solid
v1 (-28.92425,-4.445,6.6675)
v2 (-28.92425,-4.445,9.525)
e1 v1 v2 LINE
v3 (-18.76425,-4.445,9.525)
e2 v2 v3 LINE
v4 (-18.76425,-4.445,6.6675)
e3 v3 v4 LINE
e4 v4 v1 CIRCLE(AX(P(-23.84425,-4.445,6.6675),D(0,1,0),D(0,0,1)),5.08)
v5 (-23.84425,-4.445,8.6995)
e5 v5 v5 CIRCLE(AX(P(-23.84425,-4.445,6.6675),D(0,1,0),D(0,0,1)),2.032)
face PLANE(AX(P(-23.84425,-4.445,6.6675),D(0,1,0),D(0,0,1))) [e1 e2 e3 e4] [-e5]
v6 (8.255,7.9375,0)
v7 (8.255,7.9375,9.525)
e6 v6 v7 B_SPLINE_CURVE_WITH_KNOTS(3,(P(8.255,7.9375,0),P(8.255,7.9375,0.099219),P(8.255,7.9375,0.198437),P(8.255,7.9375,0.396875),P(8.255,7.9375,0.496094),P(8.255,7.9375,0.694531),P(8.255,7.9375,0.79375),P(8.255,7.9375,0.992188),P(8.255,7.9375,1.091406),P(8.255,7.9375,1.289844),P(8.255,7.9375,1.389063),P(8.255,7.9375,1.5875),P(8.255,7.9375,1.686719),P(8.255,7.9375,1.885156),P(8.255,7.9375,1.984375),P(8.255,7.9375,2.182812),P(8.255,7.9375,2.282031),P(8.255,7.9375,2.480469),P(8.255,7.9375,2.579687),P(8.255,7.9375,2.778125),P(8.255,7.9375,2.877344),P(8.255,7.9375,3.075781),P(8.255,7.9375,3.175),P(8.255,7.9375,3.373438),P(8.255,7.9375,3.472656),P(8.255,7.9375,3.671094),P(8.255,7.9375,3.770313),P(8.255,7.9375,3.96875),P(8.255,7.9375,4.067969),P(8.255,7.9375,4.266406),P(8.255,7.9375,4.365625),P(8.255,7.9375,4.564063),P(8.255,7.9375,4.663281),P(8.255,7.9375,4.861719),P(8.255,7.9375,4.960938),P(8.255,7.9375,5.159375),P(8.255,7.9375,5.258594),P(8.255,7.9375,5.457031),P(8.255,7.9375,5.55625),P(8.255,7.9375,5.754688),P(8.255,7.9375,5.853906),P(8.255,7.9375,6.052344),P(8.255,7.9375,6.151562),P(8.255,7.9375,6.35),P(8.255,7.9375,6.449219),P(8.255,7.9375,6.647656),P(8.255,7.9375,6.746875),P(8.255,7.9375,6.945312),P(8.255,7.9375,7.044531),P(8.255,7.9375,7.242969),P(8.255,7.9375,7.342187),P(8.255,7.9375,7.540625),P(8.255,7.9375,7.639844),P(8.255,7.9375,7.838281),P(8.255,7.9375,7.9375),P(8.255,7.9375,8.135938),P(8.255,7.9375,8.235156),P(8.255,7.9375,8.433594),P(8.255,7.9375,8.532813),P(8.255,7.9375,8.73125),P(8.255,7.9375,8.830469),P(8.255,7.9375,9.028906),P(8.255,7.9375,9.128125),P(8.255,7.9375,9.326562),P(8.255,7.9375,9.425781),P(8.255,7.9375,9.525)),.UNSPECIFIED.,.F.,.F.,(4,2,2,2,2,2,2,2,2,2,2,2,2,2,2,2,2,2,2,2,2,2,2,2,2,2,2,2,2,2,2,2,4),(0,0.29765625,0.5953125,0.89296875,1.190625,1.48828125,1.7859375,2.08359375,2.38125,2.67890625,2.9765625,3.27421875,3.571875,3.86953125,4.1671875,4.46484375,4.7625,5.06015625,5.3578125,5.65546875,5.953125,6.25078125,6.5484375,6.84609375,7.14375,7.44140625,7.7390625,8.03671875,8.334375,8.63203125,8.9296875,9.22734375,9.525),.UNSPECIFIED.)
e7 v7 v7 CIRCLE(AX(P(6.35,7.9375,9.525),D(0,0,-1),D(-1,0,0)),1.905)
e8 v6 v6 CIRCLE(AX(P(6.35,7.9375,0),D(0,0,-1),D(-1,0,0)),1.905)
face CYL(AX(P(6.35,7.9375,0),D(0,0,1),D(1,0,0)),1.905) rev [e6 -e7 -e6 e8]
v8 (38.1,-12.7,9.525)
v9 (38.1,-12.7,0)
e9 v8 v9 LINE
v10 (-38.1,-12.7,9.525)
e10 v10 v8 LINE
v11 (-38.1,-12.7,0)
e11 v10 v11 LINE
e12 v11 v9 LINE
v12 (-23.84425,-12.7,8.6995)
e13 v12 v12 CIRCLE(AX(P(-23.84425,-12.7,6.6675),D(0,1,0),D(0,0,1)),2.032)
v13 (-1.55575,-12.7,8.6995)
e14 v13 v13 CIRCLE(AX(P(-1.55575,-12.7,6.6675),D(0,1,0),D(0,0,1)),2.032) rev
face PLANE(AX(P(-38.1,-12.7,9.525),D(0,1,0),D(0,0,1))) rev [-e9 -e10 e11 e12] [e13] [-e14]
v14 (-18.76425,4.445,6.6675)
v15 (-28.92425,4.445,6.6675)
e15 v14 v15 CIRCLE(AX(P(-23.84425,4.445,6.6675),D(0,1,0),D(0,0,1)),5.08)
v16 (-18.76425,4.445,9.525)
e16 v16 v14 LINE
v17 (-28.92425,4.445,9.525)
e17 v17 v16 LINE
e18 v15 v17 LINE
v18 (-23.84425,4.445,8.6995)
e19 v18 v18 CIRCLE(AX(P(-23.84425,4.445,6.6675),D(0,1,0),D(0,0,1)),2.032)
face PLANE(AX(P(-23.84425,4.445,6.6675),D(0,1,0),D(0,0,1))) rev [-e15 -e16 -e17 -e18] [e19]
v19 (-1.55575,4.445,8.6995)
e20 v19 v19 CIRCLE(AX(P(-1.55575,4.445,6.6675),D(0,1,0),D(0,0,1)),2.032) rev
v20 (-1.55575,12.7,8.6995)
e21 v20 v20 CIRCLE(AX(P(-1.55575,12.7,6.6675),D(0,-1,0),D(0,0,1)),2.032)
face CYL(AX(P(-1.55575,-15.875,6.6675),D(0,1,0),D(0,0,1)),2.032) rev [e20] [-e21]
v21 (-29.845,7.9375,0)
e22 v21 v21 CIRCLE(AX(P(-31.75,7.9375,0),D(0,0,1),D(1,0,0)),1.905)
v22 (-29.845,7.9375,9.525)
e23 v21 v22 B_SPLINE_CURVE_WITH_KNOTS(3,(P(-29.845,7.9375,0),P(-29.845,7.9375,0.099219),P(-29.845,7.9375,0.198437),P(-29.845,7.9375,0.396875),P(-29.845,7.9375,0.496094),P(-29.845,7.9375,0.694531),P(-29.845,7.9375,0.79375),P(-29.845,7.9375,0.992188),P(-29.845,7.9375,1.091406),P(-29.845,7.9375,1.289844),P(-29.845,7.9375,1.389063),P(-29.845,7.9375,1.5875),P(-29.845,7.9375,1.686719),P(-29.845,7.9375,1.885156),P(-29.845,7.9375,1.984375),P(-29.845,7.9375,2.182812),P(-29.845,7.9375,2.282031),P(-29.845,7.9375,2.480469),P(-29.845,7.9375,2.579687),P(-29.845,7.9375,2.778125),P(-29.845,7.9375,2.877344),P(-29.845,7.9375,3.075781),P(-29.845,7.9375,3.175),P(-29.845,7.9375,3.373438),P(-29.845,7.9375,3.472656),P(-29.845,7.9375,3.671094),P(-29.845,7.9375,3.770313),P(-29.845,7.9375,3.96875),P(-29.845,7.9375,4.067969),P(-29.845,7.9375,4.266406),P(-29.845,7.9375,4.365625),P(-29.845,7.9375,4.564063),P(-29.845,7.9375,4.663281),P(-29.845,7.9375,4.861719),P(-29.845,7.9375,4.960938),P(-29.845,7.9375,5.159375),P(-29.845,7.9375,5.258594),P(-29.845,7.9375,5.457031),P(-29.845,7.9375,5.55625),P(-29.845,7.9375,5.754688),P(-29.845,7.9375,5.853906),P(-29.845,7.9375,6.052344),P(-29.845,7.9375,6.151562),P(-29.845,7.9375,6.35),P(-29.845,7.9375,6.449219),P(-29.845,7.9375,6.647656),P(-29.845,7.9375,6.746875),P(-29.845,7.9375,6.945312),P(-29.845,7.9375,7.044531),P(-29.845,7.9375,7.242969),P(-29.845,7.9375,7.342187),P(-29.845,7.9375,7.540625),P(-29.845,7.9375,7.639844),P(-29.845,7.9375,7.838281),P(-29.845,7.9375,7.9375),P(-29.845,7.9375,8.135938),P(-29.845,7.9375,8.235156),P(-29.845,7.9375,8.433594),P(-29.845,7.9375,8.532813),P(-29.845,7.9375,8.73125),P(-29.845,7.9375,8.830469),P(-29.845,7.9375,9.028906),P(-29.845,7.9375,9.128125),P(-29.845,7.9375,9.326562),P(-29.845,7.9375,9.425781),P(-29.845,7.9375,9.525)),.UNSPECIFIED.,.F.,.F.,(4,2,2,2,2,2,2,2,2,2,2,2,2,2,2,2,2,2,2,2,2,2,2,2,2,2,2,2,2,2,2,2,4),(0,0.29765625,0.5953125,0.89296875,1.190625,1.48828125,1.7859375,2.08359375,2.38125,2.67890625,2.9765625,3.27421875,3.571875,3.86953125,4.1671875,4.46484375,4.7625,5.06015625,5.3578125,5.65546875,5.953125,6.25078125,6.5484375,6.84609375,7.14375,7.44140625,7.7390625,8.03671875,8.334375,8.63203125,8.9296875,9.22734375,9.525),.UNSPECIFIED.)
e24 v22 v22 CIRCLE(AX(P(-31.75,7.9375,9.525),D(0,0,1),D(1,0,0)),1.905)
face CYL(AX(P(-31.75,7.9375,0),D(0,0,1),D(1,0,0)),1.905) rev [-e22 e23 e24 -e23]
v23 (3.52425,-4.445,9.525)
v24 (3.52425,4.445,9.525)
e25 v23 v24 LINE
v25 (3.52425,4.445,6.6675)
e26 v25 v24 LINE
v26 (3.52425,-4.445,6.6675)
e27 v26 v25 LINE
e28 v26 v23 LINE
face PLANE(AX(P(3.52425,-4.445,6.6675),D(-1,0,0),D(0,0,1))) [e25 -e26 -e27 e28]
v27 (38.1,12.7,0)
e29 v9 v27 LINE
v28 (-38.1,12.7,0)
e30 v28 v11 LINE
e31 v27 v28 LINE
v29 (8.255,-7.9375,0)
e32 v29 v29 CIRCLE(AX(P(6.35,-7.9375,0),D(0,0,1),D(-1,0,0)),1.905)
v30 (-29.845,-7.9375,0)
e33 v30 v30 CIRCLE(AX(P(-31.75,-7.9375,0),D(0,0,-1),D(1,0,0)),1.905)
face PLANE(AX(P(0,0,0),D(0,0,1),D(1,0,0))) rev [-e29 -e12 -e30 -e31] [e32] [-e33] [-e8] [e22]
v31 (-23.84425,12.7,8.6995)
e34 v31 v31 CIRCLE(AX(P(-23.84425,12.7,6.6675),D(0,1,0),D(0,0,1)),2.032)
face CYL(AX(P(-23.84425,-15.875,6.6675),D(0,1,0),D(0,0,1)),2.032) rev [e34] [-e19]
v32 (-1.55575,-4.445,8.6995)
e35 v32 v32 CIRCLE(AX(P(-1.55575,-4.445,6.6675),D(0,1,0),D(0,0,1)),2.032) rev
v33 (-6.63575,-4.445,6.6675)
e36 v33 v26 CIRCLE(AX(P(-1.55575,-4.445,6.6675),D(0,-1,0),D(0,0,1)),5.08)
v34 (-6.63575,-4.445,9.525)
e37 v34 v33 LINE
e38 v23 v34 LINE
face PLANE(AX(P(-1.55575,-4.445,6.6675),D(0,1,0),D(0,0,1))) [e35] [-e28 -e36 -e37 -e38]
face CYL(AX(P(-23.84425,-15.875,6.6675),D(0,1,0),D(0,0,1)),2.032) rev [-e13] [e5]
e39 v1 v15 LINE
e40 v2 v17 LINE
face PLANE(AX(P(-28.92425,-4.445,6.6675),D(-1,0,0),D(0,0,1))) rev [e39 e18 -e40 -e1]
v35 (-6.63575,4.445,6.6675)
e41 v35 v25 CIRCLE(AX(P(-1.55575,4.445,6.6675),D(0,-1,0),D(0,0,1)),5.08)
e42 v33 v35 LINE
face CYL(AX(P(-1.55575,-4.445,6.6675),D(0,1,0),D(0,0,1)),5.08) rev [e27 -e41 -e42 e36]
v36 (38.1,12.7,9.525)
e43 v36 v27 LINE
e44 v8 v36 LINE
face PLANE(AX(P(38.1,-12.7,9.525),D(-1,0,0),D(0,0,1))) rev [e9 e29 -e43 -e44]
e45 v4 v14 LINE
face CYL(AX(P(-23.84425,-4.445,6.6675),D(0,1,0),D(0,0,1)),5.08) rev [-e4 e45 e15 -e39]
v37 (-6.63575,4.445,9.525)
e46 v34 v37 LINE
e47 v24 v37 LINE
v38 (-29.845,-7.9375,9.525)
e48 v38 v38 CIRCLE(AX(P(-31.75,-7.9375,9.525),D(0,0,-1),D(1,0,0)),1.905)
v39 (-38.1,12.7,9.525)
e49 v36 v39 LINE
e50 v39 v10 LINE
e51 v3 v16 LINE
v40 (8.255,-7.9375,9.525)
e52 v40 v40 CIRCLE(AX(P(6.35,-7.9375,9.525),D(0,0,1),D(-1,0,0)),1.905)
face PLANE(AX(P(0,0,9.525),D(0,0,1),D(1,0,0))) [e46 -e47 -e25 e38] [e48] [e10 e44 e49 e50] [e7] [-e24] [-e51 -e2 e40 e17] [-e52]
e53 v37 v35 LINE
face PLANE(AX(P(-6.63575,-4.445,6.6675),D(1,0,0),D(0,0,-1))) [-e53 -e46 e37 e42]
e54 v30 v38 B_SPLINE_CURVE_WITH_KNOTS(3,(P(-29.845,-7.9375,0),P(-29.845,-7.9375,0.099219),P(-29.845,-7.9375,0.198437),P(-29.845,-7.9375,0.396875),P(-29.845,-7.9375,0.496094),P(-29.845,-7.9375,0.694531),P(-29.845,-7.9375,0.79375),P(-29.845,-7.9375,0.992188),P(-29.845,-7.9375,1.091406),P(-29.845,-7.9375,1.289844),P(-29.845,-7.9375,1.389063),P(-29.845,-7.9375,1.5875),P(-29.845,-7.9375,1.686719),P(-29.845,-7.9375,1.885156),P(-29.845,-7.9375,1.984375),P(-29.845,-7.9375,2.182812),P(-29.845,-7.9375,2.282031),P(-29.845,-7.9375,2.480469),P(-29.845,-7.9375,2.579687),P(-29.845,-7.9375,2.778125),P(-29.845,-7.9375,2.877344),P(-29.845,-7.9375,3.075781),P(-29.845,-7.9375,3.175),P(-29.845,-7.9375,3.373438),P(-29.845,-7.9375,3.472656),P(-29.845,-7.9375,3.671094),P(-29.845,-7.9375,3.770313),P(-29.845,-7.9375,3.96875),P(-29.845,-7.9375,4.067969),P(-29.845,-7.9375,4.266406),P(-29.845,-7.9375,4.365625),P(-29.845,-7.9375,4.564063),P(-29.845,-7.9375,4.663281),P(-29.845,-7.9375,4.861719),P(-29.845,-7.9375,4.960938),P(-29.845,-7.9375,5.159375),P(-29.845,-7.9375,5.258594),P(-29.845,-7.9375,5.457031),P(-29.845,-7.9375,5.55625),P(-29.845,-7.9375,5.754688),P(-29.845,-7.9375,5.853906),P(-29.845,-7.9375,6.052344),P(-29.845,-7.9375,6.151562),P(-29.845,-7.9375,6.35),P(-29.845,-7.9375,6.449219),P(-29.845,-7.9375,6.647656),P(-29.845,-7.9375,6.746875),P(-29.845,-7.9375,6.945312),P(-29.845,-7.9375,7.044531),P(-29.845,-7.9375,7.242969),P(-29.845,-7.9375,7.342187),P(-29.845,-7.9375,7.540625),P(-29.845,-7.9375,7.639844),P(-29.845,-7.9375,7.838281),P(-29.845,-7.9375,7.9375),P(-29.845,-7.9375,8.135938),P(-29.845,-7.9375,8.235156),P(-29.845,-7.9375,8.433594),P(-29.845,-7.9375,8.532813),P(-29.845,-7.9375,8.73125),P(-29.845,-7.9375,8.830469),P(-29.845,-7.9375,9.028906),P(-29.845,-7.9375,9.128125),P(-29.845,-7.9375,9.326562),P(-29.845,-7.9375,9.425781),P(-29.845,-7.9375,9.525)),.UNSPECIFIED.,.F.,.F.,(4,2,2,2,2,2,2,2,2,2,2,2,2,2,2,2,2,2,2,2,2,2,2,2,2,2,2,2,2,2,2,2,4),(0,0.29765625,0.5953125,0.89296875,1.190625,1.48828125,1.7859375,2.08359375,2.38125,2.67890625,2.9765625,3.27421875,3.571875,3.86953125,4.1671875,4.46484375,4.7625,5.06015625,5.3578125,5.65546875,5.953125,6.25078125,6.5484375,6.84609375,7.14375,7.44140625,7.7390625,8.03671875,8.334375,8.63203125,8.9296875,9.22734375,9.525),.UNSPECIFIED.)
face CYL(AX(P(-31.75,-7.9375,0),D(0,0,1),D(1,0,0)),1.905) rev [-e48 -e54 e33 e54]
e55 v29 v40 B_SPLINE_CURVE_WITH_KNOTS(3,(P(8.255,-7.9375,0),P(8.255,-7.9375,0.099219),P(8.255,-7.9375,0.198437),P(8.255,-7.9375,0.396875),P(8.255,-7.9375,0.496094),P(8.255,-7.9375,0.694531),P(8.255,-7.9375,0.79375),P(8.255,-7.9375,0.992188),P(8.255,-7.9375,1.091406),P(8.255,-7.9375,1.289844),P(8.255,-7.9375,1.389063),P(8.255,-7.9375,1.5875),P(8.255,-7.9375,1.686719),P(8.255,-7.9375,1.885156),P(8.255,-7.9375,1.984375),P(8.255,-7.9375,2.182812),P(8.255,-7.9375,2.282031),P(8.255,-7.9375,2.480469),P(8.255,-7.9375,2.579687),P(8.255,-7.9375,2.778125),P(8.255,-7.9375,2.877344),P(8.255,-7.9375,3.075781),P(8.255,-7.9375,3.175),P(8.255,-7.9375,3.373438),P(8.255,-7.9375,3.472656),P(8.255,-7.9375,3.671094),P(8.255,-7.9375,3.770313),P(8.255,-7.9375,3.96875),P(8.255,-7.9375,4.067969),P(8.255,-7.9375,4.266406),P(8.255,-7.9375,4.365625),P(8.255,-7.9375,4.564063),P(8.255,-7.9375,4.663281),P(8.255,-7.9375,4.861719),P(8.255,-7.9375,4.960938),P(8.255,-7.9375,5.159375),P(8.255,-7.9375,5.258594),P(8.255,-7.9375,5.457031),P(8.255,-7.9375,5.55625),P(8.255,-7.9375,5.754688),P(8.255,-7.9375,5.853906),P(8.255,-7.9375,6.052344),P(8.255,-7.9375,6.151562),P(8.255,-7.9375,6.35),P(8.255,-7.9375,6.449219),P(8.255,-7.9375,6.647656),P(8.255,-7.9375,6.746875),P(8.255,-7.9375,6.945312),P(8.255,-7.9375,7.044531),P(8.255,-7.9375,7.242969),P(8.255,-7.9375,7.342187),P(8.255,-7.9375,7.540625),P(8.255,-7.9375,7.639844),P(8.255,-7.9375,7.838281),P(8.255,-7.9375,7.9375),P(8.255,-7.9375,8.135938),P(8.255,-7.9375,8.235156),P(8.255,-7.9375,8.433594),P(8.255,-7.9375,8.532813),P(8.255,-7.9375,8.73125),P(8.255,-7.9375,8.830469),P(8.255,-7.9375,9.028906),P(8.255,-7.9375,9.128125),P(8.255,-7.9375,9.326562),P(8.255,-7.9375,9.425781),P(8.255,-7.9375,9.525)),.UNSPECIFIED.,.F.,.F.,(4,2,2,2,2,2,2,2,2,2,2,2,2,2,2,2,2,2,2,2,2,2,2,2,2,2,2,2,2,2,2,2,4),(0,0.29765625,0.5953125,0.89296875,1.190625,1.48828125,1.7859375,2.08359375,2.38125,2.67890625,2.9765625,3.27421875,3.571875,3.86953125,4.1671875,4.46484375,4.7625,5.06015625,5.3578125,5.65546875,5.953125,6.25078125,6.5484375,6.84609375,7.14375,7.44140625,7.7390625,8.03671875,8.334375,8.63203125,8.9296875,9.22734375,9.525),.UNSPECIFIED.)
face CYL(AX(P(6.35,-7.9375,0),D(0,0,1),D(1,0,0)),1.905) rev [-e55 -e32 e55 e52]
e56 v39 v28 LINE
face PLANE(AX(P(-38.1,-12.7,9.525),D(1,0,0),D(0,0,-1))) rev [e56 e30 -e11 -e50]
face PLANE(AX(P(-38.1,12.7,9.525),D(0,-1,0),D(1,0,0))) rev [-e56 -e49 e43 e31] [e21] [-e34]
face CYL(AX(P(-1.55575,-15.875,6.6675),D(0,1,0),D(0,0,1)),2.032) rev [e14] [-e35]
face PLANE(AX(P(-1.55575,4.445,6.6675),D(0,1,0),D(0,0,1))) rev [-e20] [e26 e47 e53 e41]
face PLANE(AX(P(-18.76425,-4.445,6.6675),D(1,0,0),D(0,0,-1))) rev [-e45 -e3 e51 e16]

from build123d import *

# Parameters (mm, degrees)
SKETCH1_W               = 76.2
SKETCH1_H               = 25.4
BOSS_EXTRUDE1_DEPTH     = 9.525
CUT_EXTRUDE2_DEPTH      = 4.445
SKETCH2_R               = 1.905
CUT_EXTRUDE1_DEPTH      = 42.275
SKETCH5_R               = 2.032
CUT_EXTRUDE3_DEPTH      = 28.575
MIRROR2_COPY_1_SKETCH_R = 1.905
MIRROR2_COPY_1_DEPTH    = 42.275


with BuildPart() as part:
    # Sketch1 → Boss-Extrude1 (new body)
    with BuildSketch(Plane.XY):
        Rectangle(SKETCH1_W, SKETCH1_H)
    extrude(amount=BOSS_EXTRUDE1_DEPTH)

    # Sketch4 → Cut-Extrude2 (cut, symmetric)
    with BuildSketch(Plane(origin=(0, 0, 0), x_dir=(1, 0, 0), z_dir=(0, 1, 0))):
        with BuildLine():
            Line((-28.92425, -6.6675), (-28.92425, -9.525))
            Line((-28.92425, -9.525), (-18.76425, -9.525))
            Line((-18.76425, -9.525), (-18.76425, -6.6675))
            ThreePointArc((-18.76425, -6.6675), (-23.84425, -1.5875), (-28.92425, -6.6675))
        make_face()
    cut_extrude2 = extrude(amount=CUT_EXTRUDE2_DEPTH, both=True, mode=Mode.SUBTRACT)

    # Sketch2 → Cut-Extrude1 (cut, through all)
    with BuildSketch(Plane.XY.offset(9.525)):
        with Locations((-31.75, 7.9375)):
            Circle(SKETCH2_R)
    cut_extrude1 = extrude(amount=-CUT_EXTRUDE1_DEPTH, mode=Mode.SUBTRACT)

    # Sketch5 → Cut-Extrude3 (cut)
    with BuildSketch(Plane(origin=(0, 12.7, 0), x_dir=(1, 0, 0), z_dir=(0, 1, 0))):
        with Locations(Location((-23.84425, -6.6675, 0), (0, 0, 270))):
            Circle(SKETCH5_R)
    cut_extrude3 = extrude(amount=-CUT_EXTRUDE3_DEPTH, mode=Mode.SUBTRACT)

    # Mirror1: Cut-Extrude1 across plane
    add(cut_extrude1.mirror(Plane.ZX), mode=Mode.SUBTRACT)

    # Mirror2: Cut-Extrude2, Cut-Extrude1, Cut-Extrude3 across plane
    add(cut_extrude2.mirror(Plane.ZY.offset(12.7)), mode=Mode.SUBTRACT)
    add(cut_extrude1.mirror(Plane.ZY.offset(12.7)), mode=Mode.SUBTRACT)
    add(cut_extrude3.mirror(Plane.ZY.offset(12.7)), mode=Mode.SUBTRACT)

    # Mirror2 copy 1 sketch → Mirror2 copy 1 (cut, through all)
    with BuildSketch(Plane(origin=(-25.4, 0, 9.525), x_dir=(-1, 0, 0), z_dir=(0, 0, 1))):
        with Locations((-31.75, 7.9375)):
            Circle(MIRROR2_COPY_1_SKETCH_R)
    extrude(amount=-MIRROR2_COPY_1_DEPTH, mode=Mode.SUBTRACT)


solid = part.part
